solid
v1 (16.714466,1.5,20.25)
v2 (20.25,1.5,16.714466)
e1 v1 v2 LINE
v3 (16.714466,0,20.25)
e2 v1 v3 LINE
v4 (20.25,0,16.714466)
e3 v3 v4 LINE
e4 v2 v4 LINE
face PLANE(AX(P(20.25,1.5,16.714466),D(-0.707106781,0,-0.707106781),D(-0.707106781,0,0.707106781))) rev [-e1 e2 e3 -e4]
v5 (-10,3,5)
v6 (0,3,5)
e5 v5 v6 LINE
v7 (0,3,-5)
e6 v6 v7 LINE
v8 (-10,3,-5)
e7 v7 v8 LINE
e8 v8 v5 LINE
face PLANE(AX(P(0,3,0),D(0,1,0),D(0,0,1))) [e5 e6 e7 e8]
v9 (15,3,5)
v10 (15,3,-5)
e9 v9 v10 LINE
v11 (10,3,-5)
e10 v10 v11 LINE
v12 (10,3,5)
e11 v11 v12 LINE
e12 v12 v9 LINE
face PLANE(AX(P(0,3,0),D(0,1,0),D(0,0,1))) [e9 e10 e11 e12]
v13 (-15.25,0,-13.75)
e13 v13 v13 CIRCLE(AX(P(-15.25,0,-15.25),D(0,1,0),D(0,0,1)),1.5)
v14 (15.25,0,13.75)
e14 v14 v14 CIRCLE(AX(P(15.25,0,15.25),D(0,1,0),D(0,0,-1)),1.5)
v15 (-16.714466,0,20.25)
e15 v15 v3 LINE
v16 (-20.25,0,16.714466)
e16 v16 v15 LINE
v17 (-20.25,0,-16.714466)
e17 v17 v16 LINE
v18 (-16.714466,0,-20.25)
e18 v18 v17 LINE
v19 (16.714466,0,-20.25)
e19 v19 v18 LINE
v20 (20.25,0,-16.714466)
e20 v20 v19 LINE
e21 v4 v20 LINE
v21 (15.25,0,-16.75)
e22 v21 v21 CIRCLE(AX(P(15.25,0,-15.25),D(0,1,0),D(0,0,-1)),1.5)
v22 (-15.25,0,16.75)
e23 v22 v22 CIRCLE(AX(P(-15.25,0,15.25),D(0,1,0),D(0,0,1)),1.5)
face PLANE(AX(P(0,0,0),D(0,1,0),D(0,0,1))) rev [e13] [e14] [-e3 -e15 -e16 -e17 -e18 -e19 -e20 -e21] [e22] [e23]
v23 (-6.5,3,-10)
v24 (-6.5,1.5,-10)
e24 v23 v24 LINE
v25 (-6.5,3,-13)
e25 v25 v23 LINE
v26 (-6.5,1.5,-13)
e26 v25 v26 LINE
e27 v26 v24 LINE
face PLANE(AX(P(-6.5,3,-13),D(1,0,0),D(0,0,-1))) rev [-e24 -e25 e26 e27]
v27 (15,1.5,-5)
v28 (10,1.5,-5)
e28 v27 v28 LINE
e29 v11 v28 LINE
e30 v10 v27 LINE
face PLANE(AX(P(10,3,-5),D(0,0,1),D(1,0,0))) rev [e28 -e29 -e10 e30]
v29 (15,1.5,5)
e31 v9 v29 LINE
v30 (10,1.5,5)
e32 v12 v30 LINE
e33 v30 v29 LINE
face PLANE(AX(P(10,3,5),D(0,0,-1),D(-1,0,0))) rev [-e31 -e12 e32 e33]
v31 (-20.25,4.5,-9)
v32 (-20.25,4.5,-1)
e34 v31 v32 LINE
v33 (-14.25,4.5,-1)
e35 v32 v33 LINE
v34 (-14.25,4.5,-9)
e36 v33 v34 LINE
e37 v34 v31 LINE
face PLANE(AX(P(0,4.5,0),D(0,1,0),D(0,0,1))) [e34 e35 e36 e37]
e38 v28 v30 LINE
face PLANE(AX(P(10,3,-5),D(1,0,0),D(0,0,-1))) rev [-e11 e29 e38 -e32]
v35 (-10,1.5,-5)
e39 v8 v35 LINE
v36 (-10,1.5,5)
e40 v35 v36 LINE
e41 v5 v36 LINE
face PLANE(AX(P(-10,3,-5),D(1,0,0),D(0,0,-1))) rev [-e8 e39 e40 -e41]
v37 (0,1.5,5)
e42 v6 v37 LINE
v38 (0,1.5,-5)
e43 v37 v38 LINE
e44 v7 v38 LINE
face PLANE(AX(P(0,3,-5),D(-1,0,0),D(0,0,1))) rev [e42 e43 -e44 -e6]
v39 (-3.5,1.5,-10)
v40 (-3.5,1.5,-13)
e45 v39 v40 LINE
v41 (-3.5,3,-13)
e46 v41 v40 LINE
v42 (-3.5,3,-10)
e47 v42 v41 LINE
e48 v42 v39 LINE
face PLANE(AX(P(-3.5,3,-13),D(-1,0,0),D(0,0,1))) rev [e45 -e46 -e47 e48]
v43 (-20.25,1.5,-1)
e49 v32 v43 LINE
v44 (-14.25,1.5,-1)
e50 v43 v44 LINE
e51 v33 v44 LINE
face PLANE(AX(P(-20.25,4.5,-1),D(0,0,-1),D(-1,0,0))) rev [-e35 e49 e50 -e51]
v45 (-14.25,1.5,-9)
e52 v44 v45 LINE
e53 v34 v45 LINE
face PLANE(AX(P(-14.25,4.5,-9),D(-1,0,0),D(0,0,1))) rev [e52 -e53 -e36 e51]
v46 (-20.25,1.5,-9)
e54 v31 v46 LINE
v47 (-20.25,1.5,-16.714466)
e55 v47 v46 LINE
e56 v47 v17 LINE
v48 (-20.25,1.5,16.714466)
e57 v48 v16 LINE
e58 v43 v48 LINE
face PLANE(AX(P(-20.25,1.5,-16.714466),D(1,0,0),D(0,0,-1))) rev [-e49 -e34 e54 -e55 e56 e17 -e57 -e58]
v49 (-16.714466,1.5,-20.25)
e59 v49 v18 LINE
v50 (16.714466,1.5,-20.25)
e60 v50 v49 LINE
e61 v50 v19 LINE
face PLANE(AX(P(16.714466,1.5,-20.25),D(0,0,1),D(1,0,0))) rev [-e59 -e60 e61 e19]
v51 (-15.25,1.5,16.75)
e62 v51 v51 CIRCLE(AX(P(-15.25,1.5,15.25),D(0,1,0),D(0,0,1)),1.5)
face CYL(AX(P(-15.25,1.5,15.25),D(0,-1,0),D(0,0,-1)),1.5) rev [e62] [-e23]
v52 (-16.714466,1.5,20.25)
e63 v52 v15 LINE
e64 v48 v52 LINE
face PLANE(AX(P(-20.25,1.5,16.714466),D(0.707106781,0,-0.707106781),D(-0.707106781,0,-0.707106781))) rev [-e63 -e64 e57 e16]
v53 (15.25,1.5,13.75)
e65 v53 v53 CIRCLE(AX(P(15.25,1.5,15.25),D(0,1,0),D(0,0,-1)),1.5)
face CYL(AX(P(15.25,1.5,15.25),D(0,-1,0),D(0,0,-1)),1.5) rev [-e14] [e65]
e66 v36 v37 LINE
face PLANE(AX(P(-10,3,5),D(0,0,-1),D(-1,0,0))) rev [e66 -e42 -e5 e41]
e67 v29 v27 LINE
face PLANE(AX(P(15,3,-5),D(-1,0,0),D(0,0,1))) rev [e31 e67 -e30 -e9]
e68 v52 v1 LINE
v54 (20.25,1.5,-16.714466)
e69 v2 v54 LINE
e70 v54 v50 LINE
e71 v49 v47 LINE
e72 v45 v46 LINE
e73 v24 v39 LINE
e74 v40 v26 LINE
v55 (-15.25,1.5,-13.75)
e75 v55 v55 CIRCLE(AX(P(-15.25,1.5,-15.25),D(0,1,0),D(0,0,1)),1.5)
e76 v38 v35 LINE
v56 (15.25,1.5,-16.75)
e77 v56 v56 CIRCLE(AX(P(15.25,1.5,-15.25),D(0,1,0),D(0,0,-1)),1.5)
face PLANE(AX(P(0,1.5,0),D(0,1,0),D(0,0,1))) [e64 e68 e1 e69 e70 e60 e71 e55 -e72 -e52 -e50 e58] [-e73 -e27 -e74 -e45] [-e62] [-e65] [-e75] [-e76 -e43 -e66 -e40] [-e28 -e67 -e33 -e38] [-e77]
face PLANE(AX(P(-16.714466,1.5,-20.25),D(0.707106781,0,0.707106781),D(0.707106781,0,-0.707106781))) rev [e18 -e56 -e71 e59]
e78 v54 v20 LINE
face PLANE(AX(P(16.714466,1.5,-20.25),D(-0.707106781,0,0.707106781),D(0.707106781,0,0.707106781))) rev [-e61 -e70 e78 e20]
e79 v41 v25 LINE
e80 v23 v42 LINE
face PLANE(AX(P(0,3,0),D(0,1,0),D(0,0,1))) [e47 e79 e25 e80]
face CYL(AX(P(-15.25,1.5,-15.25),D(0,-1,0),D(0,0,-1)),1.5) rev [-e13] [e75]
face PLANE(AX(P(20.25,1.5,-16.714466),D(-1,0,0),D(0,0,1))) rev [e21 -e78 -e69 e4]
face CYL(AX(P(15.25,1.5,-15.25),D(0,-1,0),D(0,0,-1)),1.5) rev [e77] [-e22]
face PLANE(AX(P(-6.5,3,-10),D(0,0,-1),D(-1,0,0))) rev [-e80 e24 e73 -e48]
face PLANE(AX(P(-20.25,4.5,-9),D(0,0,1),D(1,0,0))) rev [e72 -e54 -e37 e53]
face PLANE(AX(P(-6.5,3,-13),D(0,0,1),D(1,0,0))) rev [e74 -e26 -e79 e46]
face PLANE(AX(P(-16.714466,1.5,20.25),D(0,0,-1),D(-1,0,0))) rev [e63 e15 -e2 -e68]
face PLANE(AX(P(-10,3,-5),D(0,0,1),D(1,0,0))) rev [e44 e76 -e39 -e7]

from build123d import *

# Parameters (mm, degrees)
SKETCH1_R           = 1.5
BOSS_EXTRUDE1_DEPTH = 1.5
SKETCH2_W           = 10
SKETCH2_H           = 10
SKETCH2_W_2         = 5
SKETCH2_W_3         = 3
SKETCH2_H_2         = 3
BOSS_EXTRUDE2_DEPTH = 1.5
SKETCH3_W           = 6
SKETCH3_H           = 8
BOSS_EXTRUDE3_DEPTH = 3


with BuildPart() as part:
    # Sketch1 → Boss-Extrude1 (new body)
    with BuildSketch(Plane(origin=(0, 0, 0), x_dir=(1, 0, 0), z_dir=(0, 1, 0))):
        Polygon((16.714466094, 20.25), (-16.714466094, 20.25), (-20.25, 16.714466094), (-20.25, -16.714466094), (-16.714466094, -20.25), (16.714466094, -20.25), (20.25, -16.714466094), (20.25, 16.714466094), align=None)
        with Locations(Location((-15.25, 15.25, 0), (0, 0, 270))):
            Circle(SKETCH1_R, mode=Mode.SUBTRACT)
        with Locations(Location((-15.25, -15.25, 0), (0, 0, 270))):
            Circle(SKETCH1_R, mode=Mode.SUBTRACT)
        with Locations(Location((15.25, -15.25, 0), (0, 0, 90))):
            Circle(SKETCH1_R, mode=Mode.SUBTRACT)
        with Locations(Location((15.25, 15.25, 0), (0, 0, 90))):
            Circle(SKETCH1_R, mode=Mode.SUBTRACT)
    extrude(amount=BOSS_EXTRUDE1_DEPTH)

    # Sketch2 → Boss-Extrude2 (add)
    with BuildSketch(Plane(origin=(0, 1.5, 0), x_dir=(1, 0, 0), z_dir=(0, 1, 0))):
        with Locations((-5, 0)):
            Rectangle(SKETCH2_W, SKETCH2_H)
        with Locations((12.5, 0)):
            Rectangle(SKETCH2_W_2, SKETCH2_H)
        with Locations((-5, 11.5)):
            Rectangle(SKETCH2_W_3, SKETCH2_H_2)
    extrude(amount=BOSS_EXTRUDE2_DEPTH)

    # Sketch3 → Boss-Extrude3 (add)
    with BuildSketch(Plane(origin=(0, 1.5, 0), x_dir=(1, 0, 0), z_dir=(0, 1, 0))):
        with Locations((-17.25, 5)):
            Rectangle(SKETCH3_W, SKETCH3_H)
    extrude(amount=BOSS_EXTRUDE3_DEPTH)


solid = part.part
